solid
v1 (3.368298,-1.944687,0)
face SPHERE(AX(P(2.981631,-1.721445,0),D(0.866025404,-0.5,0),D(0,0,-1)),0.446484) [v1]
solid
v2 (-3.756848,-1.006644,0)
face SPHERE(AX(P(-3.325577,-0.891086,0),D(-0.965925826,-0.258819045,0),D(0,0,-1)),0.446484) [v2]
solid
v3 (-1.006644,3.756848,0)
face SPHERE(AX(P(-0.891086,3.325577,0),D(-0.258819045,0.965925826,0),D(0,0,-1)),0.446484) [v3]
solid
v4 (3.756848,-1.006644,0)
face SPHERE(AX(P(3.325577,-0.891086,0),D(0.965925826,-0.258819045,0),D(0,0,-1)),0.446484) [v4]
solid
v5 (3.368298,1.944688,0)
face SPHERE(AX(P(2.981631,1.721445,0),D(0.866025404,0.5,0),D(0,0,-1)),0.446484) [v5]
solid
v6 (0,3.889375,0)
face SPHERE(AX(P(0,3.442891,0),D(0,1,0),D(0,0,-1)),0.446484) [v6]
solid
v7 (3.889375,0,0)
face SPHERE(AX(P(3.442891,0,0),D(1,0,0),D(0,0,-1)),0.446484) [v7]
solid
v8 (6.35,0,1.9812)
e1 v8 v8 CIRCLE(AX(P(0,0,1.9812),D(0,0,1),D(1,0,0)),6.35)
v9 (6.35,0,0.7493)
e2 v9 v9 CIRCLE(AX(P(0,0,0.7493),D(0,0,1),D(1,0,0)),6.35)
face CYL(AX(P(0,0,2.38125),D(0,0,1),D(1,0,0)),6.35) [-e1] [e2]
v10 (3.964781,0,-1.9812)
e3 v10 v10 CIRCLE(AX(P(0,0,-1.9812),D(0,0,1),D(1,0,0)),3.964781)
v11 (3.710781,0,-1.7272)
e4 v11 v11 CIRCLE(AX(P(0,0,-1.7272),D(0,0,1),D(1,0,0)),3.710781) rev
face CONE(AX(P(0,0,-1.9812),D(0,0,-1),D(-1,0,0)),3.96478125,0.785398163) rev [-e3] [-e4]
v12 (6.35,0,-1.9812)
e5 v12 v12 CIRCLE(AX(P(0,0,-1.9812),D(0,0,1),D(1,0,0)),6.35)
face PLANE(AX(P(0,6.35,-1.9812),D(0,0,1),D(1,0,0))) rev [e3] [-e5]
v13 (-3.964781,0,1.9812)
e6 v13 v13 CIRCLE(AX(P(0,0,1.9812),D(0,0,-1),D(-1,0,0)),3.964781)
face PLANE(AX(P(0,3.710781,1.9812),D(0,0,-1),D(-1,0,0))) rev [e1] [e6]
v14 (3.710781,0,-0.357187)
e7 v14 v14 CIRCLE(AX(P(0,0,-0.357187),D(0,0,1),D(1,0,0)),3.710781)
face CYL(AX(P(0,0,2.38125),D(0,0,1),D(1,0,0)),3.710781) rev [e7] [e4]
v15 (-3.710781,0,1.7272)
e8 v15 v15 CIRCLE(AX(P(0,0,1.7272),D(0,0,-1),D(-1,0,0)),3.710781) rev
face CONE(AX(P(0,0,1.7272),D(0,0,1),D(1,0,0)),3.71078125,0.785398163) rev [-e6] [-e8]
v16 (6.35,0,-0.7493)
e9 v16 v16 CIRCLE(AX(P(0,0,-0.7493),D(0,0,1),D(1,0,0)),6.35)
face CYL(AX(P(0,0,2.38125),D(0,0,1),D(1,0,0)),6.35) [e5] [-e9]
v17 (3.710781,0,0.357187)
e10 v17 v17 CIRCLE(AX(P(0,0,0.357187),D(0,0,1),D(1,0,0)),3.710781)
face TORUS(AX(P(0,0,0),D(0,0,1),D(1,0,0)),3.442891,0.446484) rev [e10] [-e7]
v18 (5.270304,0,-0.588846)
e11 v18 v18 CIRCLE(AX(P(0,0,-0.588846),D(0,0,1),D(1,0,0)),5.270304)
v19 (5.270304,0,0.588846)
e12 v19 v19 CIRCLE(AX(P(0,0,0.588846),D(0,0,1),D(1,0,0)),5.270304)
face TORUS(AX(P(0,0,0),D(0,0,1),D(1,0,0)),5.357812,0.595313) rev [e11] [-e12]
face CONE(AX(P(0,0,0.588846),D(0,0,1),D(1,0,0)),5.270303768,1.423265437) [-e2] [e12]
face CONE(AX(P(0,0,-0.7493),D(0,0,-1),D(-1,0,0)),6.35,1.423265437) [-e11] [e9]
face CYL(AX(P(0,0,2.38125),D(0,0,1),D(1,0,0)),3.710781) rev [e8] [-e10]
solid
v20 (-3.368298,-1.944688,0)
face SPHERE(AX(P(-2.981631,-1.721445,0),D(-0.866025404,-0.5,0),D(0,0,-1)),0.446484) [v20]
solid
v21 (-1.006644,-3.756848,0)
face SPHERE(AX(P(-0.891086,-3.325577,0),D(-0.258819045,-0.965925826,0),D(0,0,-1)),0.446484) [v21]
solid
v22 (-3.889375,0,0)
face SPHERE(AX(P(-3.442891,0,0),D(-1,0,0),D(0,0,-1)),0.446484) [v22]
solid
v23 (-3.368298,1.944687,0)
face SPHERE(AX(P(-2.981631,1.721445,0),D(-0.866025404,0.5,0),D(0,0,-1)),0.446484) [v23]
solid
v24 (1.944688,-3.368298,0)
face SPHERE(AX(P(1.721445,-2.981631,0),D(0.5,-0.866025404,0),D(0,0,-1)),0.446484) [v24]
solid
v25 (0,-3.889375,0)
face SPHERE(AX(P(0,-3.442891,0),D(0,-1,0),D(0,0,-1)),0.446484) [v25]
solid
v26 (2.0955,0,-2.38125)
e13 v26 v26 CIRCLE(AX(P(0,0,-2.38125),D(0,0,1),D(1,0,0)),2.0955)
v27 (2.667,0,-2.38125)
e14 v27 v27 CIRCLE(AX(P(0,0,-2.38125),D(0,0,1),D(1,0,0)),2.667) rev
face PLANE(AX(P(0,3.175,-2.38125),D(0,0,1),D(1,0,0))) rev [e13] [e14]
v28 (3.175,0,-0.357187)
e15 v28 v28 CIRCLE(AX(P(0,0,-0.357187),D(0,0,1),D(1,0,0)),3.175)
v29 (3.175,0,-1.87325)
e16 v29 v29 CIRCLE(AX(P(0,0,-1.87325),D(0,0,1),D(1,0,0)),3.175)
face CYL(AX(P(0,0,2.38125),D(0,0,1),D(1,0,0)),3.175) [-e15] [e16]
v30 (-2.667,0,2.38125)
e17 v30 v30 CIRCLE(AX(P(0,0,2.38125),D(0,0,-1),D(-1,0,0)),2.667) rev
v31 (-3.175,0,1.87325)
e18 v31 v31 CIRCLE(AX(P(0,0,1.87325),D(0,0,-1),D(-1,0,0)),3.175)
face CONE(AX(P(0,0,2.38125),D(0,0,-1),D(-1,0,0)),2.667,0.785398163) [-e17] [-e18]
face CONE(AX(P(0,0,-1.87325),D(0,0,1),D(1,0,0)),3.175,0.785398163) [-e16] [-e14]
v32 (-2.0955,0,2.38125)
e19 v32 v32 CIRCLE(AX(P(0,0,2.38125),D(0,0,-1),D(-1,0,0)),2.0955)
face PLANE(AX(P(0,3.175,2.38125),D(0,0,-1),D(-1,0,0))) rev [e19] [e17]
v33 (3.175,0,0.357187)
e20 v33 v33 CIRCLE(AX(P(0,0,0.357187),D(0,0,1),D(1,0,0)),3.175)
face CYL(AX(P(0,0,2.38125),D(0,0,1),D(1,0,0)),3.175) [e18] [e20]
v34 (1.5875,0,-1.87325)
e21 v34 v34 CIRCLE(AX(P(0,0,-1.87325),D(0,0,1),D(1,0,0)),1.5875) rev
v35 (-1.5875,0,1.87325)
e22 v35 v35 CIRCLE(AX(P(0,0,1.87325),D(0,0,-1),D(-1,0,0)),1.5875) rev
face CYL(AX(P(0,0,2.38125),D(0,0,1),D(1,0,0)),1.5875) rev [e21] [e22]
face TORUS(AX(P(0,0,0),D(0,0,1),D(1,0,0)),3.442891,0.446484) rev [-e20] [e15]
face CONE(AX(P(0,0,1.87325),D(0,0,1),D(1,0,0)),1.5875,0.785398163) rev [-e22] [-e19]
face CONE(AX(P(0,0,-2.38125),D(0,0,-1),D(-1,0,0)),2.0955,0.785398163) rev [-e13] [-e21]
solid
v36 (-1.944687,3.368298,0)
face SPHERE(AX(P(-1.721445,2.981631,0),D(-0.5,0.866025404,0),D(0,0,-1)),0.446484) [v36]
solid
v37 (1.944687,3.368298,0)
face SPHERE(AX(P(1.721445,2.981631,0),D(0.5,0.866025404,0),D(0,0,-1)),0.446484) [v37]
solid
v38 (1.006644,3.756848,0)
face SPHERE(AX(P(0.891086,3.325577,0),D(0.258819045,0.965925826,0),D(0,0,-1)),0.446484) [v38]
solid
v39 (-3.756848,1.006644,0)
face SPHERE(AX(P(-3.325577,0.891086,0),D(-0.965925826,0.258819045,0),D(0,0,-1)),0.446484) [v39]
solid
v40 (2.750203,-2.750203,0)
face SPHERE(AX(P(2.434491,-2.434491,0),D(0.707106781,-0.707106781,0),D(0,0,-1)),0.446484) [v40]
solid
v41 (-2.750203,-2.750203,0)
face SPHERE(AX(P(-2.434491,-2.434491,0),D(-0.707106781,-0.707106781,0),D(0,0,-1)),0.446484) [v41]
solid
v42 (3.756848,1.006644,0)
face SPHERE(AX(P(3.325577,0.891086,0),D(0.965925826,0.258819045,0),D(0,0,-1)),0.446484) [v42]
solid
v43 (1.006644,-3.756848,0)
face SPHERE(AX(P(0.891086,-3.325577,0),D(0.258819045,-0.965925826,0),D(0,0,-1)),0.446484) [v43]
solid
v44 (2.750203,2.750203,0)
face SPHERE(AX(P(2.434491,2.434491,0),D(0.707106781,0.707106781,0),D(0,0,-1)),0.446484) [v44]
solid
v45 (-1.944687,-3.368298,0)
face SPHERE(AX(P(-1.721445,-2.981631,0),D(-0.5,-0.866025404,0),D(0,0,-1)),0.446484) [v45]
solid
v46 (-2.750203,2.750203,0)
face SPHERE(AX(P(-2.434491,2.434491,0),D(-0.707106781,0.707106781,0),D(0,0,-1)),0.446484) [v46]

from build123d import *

# Parameters (mm, degrees)
CIRPATTERN1_COUNT = 24
CHAMFER1_SIZE     = 0.508
CHAMFER2_SIZE     = 0.254


with BuildPart() as part:
    # Sketch1 → Revolve1 (revolve)
    with BuildSketch(Plane(origin=(0, 0, 0), x_dir=(0, 0, -1), z_dir=(1, 0, 0)), mode=Mode.PRIVATE) as revolve1_sk:
        with BuildLine():
            Line((0.7493, 6.35), (1.9812, 6.35))
            Line((1.9812, 6.35), (1.9812, 3.71078125))
            Line((1.9812, 3.71078125), (0.3571875, 3.71078125))
            ThreePointArc((0.3571875, 3.71078125), (0, 3.889375), (-0.3571875, 3.71078125))
            Line((-0.3571875, 3.71078125), (-1.9812, 3.71078125))
            Line((-1.9812, 3.71078125), (-1.9812, 6.35))
            Line((-1.9812, 6.35), (-0.7493, 6.35))
            Line((-0.7493, 6.35), (-0.588845646, 5.270303768))
            ThreePointArc((-0.588845646, 5.270303768), (0, 4.7625), (0.588845646, 5.270303768))
            Line((0.588845646, 5.270303768), (0.7493, 6.35))
        make_face()
        with BuildLine():
            Line((2.38125, 1.5875), (-2.38125, 1.5875))
            Line((-2.38125, 1.5875), (-2.38125, 3.175))
            Line((-2.38125, 3.175), (-0.3571875, 3.175))
            ThreePointArc((-0.3571875, 3.175), (0, 2.99640625), (0.3571875, 3.175))
            Line((0.3571875, 3.175), (2.38125, 3.175))
            Line((2.38125, 3.175), (2.38125, 1.5875))
        make_face()
    revolve(revolve1_sk.sketch.rotate(Axis((0, 0, 2.38125), (0, 0, -1)), 90), axis=Axis((0, 0, 2.38125), (0, 0, -1)))

    # Chamfer1
    chamfer1_edges = [part.edges().sort_by_distance(p)[0] for p in [
        (-3.175, 0, 2.38125),
        (-3.175, 0, -2.38125),
        (-1.5875, 0, -2.38125),
        (-1.5875, 0, 2.38125),
    ]]
    chamfer(chamfer1_edges, length=CHAMFER1_SIZE)

    # Chamfer2
    chamfer2_edges = [part.edges().sort_by_distance(p)[0] for p in [
        (-3.71078125, 0, -1.9812),
        (-3.71078125, 0, 1.9812),
    ]]
    chamfer(chamfer2_edges, length=CHAMFER2_SIZE)


with BuildPart() as body_2:
    # Sketch2 → Revolve2 (revolve)
    with BuildSketch(Plane(origin=(0, 0, 0), x_dir=(0, 0, -1), z_dir=(1, 0, 0))):
        with BuildLine():
            Line((0, 3.889375), (0, 2.99640625))
            ThreePointArc((0, 2.99640625), (0.446484375, 3.442890625), (0, 3.889375))
        make_face()
    revolve(axis=Axis((0, 3.889375, 0), (0, -1, 0)))


with BuildPart() as cirpattern1_1:
    # CirPattern1: pattern copy
    add(body_2.part.rotate(Axis((0, 0, 0), (0, 0, 1)), 1 * 360 / CIRPATTERN1_COUNT))


with BuildPart() as cirpattern1_2:
    # CirPattern1: pattern copy
    add(body_2.part.rotate(Axis((0, 0, 0), (0, 0, 1)), 2 * 360 / CIRPATTERN1_COUNT))


with BuildPart() as cirpattern1_3:
    # CirPattern1: pattern copy
    add(body_2.part.rotate(Axis((0, 0, 0), (0, 0, 1)), 3 * 360 / CIRPATTERN1_COUNT))


with BuildPart() as cirpattern1_4:
    # CirPattern1: pattern copy
    add(body_2.part.rotate(Axis((0, 0, 0), (0, 0, 1)), 4 * 360 / CIRPATTERN1_COUNT))


with BuildPart() as cirpattern1_5:
    # CirPattern1: pattern copy
    add(body_2.part.rotate(Axis((0, 0, 0), (0, 0, 1)), 5 * 360 / CIRPATTERN1_COUNT))


with BuildPart() as cirpattern1_6:
    # CirPattern1: pattern copy
    add(body_2.part.rotate(Axis((0, 0, 0), (0, 0, 1)), 6 * 360 / CIRPATTERN1_COUNT))


with BuildPart() as cirpattern1_7:
    # CirPattern1: pattern copy
    add(body_2.part.rotate(Axis((0, 0, 0), (0, 0, 1)), 7 * 360 / CIRPATTERN1_COUNT))


with BuildPart() as cirpattern1_8:
    # CirPattern1: pattern copy
    add(body_2.part.rotate(Axis((0, 0, 0), (0, 0, 1)), 8 * 360 / CIRPATTERN1_COUNT))


with BuildPart() as cirpattern1_9:
    # CirPattern1: pattern copy
    add(body_2.part.rotate(Axis((0, 0, 0), (0, 0, 1)), 9 * 360 / CIRPATTERN1_COUNT))


with BuildPart() as cirpattern1_10:
    # CirPattern1: pattern copy
    add(body_2.part.rotate(Axis((0, 0, 0), (0, 0, 1)), 10 * 360 / CIRPATTERN1_COUNT))


with BuildPart() as cirpattern1_11:
    # CirPattern1: pattern copy
    add(body_2.part.rotate(Axis((0, 0, 0), (0, 0, 1)), 11 * 360 / CIRPATTERN1_COUNT))


with BuildPart() as cirpattern1_12:
    # CirPattern1: pattern copy
    add(body_2.part.rotate(Axis((0, 0, 0), (0, 0, 1)), 12 * 360 / CIRPATTERN1_COUNT))


with BuildPart() as cirpattern1_13:
    # CirPattern1: pattern copy
    add(body_2.part.rotate(Axis((0, 0, 0), (0, 0, 1)), 13 * 360 / CIRPATTERN1_COUNT))


with BuildPart() as cirpattern1_14:
    # CirPattern1: pattern copy
    add(body_2.part.rotate(Axis((0, 0, 0), (0, 0, 1)), 14 * 360 / CIRPATTERN1_COUNT))


with BuildPart() as cirpattern1_15:
    # CirPattern1: pattern copy
    add(body_2.part.rotate(Axis((0, 0, 0), (0, 0, 1)), 15 * 360 / CIRPATTERN1_COUNT))


with BuildPart() as cirpattern1_16:
    # CirPattern1: pattern copy
    add(body_2.part.rotate(Axis((0, 0, 0), (0, 0, 1)), 16 * 360 / CIRPATTERN1_COUNT))


with BuildPart() as cirpattern1_17:
    # CirPattern1: pattern copy
    add(body_2.part.rotate(Axis((0, 0, 0), (0, 0, 1)), 17 * 360 / CIRPATTERN1_COUNT))


with BuildPart() as cirpattern1_18:
    # CirPattern1: pattern copy
    add(body_2.part.rotate(Axis((0, 0, 0), (0, 0, 1)), 18 * 360 / CIRPATTERN1_COUNT))


with BuildPart() as cirpattern1_19:
    # CirPattern1: pattern copy
    add(body_2.part.rotate(Axis((0, 0, 0), (0, 0, 1)), 19 * 360 / CIRPATTERN1_COUNT))


with BuildPart() as cirpattern1_20:
    # CirPattern1: pattern copy
    add(body_2.part.rotate(Axis((0, 0, 0), (0, 0, 1)), 20 * 360 / CIRPATTERN1_COUNT))


with BuildPart() as cirpattern1_21:
    # CirPattern1: pattern copy
    add(body_2.part.rotate(Axis((0, 0, 0), (0, 0, 1)), 21 * 360 / CIRPATTERN1_COUNT))


with BuildPart() as cirpattern1_22:
    # CirPattern1: pattern copy
    add(body_2.part.rotate(Axis((0, 0, 0), (0, 0, 1)), 22 * 360 / CIRPATTERN1_COUNT))


with BuildPart() as cirpattern1_23:
    # CirPattern1: pattern copy
    add(body_2.part.rotate(Axis((0, 0, 0), (0, 0, 1)), 23 * 360 / CIRPATTERN1_COUNT))


solid = Compound([part.part, body_2.part, cirpattern1_1.part, cirpattern1_2.part, cirpattern1_3.part, cirpattern1_4.part, cirpattern1_5.part, cirpattern1_6.part, cirpattern1_7.part, cirpattern1_8.part, cirpattern1_9.part, cirpattern1_10.part, cirpattern1_11.part, cirpattern1_12.part, cirpattern1_13.part, cirpattern1_14.part, cirpattern1_15.part, cirpattern1_16.part, cirpattern1_17.part, cirpattern1_18.part, cirpattern1_19.part, cirpattern1_20.part, cirpattern1_21.part, cirpattern1_22.part, cirpattern1_23.part])
